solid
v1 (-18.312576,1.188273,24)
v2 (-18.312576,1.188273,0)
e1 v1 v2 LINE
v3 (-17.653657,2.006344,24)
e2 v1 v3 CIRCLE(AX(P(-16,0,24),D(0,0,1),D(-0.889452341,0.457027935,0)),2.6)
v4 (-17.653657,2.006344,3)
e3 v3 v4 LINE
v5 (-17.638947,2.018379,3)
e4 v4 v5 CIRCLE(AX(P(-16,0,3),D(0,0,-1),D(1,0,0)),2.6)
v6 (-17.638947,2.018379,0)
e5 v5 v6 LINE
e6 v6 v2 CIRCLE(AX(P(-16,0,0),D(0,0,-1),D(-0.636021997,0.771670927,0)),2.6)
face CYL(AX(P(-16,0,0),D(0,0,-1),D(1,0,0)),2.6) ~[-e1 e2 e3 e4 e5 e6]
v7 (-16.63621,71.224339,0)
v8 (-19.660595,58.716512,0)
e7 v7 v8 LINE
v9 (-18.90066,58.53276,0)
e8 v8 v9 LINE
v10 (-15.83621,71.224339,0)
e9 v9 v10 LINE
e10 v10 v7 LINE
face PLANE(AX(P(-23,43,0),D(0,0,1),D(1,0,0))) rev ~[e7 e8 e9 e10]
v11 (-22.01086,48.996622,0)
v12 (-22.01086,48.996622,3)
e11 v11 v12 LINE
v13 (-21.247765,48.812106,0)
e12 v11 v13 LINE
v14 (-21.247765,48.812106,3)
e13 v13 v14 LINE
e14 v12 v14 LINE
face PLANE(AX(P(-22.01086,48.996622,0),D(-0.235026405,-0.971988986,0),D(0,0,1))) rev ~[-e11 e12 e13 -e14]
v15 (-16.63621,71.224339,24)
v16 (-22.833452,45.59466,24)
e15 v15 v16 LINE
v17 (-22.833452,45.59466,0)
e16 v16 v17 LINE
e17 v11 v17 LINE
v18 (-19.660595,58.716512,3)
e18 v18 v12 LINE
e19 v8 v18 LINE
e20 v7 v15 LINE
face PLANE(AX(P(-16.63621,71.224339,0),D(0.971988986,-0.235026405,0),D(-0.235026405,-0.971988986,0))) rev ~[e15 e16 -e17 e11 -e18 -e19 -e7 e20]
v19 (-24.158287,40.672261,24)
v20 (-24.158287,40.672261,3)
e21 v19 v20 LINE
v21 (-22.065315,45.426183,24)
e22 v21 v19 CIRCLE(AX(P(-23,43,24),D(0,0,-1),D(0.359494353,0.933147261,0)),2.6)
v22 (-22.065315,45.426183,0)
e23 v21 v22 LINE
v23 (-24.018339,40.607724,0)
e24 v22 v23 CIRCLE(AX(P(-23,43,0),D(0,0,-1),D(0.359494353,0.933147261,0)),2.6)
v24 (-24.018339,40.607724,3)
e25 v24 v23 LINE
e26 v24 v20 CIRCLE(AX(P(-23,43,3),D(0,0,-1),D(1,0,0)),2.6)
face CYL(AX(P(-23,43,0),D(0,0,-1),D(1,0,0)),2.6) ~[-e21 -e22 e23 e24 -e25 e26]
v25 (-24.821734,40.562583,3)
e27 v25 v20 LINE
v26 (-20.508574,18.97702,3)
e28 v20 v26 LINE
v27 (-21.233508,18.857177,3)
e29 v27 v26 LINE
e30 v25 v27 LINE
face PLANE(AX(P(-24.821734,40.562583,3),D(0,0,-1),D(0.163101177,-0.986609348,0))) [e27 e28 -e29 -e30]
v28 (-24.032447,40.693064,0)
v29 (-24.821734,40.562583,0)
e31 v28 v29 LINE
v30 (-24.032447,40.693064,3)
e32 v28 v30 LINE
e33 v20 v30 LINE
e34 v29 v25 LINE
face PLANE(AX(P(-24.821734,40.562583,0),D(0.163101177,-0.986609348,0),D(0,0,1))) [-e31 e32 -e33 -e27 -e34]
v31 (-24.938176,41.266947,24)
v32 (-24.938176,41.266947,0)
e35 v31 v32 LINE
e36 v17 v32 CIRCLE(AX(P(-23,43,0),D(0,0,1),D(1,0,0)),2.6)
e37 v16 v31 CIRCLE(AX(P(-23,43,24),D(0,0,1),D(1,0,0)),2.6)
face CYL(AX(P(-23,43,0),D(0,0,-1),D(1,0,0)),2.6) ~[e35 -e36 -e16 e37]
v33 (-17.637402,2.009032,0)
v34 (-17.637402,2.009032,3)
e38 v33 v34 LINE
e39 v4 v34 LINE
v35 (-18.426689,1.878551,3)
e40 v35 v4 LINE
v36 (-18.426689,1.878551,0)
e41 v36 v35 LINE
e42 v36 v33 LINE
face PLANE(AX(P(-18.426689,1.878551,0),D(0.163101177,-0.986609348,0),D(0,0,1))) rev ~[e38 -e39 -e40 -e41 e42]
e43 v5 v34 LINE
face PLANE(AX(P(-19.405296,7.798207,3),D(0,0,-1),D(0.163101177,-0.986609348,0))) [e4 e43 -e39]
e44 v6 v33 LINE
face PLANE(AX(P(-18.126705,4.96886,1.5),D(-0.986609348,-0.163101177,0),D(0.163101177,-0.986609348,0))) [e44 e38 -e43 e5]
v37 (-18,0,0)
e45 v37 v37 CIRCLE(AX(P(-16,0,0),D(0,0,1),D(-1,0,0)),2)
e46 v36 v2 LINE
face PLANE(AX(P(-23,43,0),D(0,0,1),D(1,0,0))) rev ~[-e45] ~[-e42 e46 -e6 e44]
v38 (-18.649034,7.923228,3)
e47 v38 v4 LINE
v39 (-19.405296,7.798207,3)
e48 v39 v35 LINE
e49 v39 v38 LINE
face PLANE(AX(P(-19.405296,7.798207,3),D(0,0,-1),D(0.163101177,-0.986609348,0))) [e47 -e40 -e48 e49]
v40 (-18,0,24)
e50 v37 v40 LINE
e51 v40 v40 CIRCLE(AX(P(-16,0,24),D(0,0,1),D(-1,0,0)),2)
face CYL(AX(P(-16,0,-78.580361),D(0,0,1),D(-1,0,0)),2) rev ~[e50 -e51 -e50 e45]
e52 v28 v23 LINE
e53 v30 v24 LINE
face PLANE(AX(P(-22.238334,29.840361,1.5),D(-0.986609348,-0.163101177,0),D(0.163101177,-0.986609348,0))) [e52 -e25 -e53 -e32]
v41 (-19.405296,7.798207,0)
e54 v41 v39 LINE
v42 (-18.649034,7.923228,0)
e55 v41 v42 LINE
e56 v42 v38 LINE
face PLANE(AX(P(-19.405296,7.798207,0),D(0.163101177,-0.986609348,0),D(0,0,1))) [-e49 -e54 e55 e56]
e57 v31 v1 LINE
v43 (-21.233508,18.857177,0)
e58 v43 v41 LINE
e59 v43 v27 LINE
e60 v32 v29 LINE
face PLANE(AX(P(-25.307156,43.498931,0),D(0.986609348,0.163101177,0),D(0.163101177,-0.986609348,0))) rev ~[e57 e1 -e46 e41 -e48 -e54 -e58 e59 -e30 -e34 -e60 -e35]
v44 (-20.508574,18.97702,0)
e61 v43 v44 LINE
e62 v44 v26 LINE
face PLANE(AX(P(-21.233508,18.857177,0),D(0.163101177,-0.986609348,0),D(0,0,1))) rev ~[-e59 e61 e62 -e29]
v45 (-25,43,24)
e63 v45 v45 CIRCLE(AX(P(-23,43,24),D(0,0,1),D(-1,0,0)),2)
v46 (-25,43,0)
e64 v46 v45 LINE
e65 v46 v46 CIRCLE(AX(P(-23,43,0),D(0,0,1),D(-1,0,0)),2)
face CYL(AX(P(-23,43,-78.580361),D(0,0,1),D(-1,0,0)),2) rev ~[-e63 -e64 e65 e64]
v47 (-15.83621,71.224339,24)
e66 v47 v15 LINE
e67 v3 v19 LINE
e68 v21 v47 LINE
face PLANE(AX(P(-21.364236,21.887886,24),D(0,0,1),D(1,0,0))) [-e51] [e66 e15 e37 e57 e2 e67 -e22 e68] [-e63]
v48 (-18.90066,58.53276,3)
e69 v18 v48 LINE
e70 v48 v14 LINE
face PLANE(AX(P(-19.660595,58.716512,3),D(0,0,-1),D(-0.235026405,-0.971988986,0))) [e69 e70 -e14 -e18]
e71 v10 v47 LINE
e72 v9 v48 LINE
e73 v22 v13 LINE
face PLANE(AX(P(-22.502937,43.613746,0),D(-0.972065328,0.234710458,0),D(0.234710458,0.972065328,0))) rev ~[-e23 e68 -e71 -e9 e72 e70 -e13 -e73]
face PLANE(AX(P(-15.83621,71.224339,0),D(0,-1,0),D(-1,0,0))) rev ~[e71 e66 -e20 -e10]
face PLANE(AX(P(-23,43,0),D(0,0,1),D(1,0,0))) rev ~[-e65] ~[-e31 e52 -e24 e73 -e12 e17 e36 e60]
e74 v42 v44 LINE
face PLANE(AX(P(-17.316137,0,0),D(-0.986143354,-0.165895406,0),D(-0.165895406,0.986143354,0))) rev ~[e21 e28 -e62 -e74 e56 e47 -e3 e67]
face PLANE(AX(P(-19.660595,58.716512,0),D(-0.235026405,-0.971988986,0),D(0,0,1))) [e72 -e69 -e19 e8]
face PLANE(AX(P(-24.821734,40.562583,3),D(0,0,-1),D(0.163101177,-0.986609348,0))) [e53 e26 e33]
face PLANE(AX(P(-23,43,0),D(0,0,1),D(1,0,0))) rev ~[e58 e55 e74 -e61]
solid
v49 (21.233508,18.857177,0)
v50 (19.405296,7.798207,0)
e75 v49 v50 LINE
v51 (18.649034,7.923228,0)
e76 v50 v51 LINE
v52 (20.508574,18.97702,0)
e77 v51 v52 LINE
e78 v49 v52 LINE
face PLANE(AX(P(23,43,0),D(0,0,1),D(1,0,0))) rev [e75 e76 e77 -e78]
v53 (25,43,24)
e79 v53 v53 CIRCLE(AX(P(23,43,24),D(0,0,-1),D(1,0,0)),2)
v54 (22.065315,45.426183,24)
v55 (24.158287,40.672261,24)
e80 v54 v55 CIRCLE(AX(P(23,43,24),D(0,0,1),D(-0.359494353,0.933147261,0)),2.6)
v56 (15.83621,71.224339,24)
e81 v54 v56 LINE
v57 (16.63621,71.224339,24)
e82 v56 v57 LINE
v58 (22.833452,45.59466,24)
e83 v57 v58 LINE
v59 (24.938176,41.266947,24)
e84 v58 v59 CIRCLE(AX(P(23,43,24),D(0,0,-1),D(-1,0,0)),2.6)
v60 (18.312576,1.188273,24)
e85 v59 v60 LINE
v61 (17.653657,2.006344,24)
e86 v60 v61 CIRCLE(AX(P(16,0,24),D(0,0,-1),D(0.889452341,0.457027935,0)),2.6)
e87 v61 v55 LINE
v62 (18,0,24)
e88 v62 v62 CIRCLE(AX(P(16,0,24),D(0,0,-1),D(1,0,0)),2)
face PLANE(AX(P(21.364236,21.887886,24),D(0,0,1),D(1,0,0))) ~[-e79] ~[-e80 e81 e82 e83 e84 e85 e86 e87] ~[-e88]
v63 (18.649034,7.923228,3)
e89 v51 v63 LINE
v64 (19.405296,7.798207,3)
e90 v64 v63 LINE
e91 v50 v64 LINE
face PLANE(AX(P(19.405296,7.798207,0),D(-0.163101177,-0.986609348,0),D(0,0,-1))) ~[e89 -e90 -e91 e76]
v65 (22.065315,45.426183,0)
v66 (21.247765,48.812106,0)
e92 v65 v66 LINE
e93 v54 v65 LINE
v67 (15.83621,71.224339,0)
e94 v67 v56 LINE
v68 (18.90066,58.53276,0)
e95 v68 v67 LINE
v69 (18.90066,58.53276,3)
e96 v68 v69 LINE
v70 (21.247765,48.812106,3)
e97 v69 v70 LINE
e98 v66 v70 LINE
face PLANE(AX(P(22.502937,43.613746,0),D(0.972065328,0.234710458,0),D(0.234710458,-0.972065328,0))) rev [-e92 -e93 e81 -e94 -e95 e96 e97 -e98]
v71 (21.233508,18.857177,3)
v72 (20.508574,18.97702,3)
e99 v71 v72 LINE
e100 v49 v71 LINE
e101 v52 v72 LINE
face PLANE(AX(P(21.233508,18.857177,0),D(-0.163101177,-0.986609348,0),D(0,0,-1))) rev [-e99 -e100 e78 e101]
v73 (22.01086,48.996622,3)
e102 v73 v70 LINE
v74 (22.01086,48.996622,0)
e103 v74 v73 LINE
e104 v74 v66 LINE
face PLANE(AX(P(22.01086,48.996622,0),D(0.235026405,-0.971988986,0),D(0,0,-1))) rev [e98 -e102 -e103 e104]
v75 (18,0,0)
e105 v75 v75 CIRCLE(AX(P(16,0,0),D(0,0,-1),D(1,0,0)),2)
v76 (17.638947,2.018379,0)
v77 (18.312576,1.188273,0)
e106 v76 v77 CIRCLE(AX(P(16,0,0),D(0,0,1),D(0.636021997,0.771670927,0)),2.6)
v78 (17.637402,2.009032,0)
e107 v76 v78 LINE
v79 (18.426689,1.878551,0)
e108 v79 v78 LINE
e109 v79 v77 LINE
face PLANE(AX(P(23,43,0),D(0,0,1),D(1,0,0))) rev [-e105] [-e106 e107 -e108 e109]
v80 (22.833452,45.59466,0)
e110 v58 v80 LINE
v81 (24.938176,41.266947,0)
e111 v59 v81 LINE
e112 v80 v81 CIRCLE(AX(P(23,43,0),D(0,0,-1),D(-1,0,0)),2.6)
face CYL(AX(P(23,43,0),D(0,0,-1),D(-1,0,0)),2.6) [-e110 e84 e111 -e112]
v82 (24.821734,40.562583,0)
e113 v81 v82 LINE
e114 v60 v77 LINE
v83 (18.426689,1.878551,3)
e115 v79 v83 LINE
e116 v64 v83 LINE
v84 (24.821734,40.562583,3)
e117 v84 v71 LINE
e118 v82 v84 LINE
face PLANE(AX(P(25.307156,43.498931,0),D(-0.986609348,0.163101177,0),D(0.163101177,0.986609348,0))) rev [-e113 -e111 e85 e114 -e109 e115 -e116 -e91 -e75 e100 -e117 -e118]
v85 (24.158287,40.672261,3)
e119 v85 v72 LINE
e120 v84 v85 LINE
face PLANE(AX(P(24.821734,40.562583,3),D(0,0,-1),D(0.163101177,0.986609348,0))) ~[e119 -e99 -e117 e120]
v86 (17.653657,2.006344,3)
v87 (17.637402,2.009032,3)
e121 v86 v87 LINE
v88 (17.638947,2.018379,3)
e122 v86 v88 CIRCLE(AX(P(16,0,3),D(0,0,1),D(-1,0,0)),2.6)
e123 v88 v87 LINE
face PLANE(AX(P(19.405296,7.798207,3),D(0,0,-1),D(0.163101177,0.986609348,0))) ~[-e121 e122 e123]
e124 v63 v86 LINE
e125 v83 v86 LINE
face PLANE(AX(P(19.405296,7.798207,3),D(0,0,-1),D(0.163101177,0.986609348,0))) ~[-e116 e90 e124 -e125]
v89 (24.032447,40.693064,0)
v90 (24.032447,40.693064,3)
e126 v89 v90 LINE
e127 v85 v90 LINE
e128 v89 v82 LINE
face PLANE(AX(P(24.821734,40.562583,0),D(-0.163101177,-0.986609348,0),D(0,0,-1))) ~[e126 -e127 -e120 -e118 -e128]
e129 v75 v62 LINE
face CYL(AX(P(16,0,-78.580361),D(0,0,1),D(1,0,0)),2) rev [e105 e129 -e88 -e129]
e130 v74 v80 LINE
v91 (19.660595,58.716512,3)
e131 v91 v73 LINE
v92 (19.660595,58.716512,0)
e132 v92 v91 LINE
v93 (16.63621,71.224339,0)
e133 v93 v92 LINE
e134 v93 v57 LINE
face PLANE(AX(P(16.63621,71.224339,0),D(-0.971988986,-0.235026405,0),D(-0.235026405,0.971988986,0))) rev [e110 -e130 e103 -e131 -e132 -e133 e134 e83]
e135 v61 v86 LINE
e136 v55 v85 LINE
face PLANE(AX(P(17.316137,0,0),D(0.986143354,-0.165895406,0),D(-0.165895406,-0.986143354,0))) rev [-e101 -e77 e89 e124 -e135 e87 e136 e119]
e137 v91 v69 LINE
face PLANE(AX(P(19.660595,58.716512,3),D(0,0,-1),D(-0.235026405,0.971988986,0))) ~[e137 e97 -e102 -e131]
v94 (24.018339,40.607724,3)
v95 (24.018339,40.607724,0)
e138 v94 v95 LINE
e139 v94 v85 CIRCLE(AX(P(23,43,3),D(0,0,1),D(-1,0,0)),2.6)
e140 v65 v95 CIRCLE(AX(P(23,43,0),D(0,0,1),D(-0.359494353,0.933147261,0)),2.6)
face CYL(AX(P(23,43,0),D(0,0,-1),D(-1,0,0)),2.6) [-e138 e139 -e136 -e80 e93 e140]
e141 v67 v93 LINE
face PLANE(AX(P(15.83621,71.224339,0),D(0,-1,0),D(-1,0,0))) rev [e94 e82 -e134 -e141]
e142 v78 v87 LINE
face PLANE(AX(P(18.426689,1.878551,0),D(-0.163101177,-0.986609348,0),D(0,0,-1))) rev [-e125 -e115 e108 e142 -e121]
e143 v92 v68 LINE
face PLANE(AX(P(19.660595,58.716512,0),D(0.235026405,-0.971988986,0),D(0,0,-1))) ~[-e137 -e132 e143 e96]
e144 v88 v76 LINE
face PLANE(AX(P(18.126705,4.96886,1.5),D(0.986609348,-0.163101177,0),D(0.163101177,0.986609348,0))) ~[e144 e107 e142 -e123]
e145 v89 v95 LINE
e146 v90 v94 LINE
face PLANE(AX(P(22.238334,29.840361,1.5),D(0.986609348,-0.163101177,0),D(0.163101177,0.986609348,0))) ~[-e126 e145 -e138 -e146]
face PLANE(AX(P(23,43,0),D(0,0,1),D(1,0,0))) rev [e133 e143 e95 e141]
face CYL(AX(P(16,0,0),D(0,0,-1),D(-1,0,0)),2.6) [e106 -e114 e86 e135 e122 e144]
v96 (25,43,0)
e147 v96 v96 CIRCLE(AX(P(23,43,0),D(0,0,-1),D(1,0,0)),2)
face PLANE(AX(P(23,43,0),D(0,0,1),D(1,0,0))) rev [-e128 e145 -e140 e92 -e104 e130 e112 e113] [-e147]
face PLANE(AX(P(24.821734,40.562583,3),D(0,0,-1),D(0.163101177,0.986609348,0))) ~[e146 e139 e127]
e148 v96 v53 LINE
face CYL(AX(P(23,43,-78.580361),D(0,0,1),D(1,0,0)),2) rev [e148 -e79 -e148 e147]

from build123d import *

# Parameters (mm, degrees)
F0_R     = 2.6
F1_DEPTH = 24
F4_DEPTH = 24
F5_D     = 4
F6_W     = 22
F6_H     = 3
F6_W_2   = 6
F7_DEPTH = 0.8
F8_W     = 10
F8_H     = 3
F9_DEPTH = 2


with BuildPart() as f1:
    # F0 (on Top) → F1 (new body)
    with BuildSketch(Plane.XY):
        with Locations((-23, 43)):
            Circle(F0_R)
    extrude(amount=F1_DEPTH)



with BuildPart() as f1b:
    # F0 (on Top) → F1, piece 2 (new body)
    with BuildSketch(Plane.XY):
        with Locations((-16, 0)):
            Circle(F0_R)
    extrude(amount=F1_DEPTH)


with BuildPart() as f1_1:
    add(f1.part)

    add(f1b.part)  # F4 merges F1b
    # F3 (on Top) → F4 (join)
    with BuildSketch(Plane.XY):
        Polygon((-24.7263594471, 44.0490897611), (-25.3071562016, 43.4989305751), (-18.1161369738, 0), (-17.3161369738, 0), align=None)
        Polygon((-16.6362095624, 71.2243393064), (-23.301705718, 43.6581224203), (-22.5029374696, 43.6137457905), (-15.8362095624, 71.2243393064), align=None)
    extrude(amount=F4_DEPTH)

    # F5 (through all)
    with Locations(Plane(origin=(0, 0, 0), x_dir=(1, 0, 0), z_dir=(0, 0, -1))):
        with Locations((-23, -43), (-16, 0)):
            Hole(F5_D / 2)

    # F6 (on face) → F7 (cut)
    with BuildSketch(Plane(origin=(-17.6342116053, -2.9151970645, 0), x_dir=(0.1631011774, -0.9866093482, 0), z_dir=(-0.9866093482, -0.1631011774, 0))):
        with Locations((-33.0678777581, 1.5)):
            Rectangle(F6_W, F6_H)
        with Locations((-7.8588104236, 1.5)):
            Rectangle(F6_W_2, F6_H)
    extrude(amount=-F7_DEPTH, mode=Mode.SUBTRACT)

    # F8 (on face) → F9 (cut)
    with BuildSketch(Plane(origin=(-31.9879756421, 7.7346750027, 0), x_dir=(-0.2350264048, -0.9719889861, 0), z_dir=(-0.9719889861, 0.2350264048, 0))):
        with Locations((-47.4510434546, 1.5)):
            Rectangle(F8_W, F8_H)
    extrude(amount=-F9_DEPTH, mode=Mode.SUBTRACT)


with BuildPart() as f10_1:
    # F10: instance of F1
    add(f1_1.part.mirror(Plane.YZ))


solid = Compound([f1_1.part, f10_1.part])
